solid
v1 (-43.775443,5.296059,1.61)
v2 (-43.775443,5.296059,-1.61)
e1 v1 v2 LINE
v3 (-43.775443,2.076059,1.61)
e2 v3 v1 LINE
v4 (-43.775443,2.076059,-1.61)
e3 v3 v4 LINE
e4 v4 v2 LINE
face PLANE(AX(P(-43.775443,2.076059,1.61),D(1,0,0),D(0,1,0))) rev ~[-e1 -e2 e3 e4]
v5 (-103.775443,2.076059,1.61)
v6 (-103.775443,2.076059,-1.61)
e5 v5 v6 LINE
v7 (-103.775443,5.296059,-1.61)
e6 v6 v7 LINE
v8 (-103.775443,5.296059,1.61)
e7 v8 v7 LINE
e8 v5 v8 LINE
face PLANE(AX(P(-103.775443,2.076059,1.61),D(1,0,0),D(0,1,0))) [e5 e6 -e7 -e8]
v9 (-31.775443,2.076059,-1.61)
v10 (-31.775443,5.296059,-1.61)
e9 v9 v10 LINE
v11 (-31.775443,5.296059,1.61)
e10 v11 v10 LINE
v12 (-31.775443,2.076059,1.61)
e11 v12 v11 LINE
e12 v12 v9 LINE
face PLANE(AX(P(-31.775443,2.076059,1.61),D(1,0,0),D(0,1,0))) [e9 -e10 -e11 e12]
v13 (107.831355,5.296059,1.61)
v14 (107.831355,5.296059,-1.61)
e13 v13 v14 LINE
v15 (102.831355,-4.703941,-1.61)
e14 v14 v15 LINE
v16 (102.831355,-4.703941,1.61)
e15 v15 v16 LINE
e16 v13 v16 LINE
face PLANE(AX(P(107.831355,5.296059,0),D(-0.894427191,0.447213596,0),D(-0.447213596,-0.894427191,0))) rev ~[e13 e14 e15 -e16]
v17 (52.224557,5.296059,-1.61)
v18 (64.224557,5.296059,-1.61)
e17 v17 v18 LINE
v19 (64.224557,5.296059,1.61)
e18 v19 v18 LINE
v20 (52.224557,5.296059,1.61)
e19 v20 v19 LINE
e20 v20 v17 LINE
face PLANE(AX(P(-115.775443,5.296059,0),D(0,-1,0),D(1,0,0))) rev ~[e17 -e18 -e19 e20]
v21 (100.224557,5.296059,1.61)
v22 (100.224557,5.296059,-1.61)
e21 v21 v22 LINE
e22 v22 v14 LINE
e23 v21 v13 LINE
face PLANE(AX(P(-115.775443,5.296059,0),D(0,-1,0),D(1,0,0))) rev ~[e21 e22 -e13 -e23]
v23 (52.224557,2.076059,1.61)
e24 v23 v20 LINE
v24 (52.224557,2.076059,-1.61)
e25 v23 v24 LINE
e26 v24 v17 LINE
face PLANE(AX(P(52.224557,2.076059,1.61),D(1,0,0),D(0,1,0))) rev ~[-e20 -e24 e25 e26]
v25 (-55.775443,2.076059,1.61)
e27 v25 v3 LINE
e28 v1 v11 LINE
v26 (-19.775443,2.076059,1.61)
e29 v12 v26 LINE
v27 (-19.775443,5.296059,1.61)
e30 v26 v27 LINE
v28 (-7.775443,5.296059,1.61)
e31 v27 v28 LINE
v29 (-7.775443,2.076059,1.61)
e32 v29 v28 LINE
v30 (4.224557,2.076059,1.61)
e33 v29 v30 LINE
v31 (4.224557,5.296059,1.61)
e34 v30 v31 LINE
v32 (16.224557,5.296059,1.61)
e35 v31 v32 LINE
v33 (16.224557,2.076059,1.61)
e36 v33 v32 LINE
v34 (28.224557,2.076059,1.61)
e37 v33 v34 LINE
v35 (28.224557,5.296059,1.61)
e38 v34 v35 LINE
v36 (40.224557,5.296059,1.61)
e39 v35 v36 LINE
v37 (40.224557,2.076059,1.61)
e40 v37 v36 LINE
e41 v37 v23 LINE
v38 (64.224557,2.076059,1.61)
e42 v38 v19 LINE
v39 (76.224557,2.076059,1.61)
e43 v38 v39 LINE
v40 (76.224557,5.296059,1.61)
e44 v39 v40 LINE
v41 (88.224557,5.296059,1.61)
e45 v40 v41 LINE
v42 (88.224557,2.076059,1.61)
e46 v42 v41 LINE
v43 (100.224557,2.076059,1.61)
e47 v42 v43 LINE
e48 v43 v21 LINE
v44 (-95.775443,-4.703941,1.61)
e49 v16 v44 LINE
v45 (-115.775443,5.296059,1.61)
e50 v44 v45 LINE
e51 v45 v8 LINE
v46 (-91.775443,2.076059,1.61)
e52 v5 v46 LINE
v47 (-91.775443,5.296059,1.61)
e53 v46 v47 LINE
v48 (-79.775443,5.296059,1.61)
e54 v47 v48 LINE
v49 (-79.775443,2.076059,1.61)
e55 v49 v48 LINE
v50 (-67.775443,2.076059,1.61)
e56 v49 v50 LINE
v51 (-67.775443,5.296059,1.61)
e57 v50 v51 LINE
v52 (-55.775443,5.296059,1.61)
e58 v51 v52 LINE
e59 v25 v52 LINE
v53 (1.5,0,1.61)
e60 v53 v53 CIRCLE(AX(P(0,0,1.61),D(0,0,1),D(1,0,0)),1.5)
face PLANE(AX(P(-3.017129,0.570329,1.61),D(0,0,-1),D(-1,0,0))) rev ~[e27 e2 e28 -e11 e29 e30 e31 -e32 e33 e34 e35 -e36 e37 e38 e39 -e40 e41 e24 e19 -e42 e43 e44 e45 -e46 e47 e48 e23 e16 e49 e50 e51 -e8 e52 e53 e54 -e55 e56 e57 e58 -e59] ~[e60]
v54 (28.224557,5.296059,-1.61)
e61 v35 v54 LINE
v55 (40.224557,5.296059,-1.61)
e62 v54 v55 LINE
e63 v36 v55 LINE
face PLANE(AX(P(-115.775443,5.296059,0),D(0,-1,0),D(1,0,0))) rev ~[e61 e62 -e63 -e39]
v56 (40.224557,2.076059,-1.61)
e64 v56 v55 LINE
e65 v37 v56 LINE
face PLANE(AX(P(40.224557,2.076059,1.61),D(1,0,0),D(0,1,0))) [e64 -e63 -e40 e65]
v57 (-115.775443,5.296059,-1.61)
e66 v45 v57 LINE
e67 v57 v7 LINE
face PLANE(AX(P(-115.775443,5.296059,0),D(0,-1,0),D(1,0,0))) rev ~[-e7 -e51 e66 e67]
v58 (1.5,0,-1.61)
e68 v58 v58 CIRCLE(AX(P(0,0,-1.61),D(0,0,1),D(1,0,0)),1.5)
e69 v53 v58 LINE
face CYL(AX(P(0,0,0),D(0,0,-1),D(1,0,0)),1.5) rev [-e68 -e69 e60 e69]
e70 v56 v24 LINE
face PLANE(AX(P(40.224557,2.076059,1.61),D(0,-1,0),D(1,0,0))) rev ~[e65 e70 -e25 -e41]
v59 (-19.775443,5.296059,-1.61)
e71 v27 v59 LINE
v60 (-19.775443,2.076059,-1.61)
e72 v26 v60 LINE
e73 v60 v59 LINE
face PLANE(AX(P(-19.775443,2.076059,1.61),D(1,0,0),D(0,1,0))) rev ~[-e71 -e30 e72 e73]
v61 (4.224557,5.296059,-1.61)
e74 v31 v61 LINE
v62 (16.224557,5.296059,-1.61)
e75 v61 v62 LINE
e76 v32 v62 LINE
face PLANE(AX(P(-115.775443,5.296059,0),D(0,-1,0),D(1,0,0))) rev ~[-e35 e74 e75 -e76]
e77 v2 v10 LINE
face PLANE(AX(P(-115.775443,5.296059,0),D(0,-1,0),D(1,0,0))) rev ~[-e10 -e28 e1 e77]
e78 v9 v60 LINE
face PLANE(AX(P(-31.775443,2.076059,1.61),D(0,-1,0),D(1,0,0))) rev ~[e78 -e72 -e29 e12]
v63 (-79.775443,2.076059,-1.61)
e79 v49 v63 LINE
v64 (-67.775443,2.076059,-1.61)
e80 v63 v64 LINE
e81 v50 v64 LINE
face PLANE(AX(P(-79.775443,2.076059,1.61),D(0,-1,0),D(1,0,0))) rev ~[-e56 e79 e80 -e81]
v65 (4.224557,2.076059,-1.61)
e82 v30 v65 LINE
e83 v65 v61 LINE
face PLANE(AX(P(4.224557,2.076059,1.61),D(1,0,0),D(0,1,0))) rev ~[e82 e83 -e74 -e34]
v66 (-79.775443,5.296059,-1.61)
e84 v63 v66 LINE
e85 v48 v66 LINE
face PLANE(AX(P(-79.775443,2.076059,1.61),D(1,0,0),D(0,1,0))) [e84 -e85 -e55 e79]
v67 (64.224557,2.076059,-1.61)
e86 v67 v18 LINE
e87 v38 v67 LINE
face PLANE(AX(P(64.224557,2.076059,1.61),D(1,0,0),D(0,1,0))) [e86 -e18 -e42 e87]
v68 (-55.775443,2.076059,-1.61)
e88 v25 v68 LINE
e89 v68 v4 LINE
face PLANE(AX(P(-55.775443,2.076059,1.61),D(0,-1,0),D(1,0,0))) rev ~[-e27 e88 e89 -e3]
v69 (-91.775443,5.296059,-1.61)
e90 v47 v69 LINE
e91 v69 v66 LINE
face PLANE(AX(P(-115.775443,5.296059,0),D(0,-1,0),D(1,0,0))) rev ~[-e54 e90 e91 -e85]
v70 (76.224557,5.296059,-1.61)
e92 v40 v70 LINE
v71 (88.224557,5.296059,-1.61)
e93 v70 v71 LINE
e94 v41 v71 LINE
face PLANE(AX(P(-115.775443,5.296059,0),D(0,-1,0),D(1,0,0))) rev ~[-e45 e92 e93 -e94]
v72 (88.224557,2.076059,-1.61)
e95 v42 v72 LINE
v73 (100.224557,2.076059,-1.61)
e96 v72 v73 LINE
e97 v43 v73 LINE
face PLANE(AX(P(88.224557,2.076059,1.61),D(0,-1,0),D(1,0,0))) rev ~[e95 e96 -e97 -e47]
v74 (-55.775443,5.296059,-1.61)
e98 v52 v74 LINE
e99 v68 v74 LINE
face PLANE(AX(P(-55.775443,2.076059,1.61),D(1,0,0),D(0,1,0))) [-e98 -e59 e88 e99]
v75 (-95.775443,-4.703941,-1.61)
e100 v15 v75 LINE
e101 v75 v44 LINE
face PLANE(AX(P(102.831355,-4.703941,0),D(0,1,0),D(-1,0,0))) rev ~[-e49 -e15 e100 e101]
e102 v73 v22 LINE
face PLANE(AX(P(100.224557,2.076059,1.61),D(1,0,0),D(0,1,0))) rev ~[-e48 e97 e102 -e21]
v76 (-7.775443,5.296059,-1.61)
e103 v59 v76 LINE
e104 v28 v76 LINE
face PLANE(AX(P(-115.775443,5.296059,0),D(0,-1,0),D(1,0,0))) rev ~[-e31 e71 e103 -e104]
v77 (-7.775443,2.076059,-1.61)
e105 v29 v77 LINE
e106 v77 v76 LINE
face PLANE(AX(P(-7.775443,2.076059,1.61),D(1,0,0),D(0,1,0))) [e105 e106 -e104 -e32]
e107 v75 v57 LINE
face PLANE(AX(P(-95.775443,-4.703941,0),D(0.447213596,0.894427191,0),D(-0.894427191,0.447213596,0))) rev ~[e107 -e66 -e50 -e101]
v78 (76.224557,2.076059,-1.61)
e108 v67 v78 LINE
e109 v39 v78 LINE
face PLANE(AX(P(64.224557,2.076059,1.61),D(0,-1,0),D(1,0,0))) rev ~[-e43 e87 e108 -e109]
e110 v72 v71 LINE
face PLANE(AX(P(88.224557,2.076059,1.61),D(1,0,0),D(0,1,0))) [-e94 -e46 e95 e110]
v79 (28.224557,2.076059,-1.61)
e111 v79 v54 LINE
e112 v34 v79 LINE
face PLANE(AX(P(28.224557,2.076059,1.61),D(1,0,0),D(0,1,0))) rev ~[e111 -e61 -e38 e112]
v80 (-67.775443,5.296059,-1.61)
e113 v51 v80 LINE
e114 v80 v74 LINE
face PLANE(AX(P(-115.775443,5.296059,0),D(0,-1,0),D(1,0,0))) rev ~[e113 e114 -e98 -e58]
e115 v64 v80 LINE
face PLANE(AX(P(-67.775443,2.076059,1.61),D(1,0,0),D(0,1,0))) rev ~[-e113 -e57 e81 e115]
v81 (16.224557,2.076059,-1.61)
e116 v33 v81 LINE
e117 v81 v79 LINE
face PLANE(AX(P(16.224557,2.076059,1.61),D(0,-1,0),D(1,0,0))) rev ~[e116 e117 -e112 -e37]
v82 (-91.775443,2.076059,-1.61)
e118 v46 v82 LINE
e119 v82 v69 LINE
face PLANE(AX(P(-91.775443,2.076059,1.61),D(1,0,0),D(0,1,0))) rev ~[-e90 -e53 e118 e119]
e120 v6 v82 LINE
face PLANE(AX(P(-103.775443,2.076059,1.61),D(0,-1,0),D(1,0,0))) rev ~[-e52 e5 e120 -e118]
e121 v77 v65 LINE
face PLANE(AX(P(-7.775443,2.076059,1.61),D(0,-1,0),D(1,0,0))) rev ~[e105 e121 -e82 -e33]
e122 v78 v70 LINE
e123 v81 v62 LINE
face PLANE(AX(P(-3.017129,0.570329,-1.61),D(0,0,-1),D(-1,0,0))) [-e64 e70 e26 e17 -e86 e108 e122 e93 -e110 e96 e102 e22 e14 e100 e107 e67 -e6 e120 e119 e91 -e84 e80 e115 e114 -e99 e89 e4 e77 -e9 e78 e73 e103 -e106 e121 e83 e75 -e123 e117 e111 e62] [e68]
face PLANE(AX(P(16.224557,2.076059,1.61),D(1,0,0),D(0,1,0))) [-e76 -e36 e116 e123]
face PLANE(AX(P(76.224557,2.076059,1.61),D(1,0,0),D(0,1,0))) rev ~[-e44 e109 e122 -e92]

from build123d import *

# Parameters (mm, degrees)
SKETCH1_R           = 1.5
BOSS_EXTRUDE1_DEPTH = 1.61
SKETCH2_W           = 12
SKETCH2_H           = 3.22
CUT_EXTRUDE1_DEPTH  = 3.22
LPATTERN1_COUNT     = 9
LPATTERN1_PITCH     = 24


with BuildPart() as part:
    # Sketch1 → Boss-Extrude1 (new body, symmetric)
    with BuildSketch(Plane.XY):
        Polygon((-95.775442885, -4.703941319), (-115.775442885, 5.296058681), (107.831354865, 5.296058681), (102.831354865, -4.703941319), align=None)
        Circle(SKETCH1_R, mode=Mode.SUBTRACT)
    extrude(amount=BOSS_EXTRUDE1_DEPTH, both=True)

    # Sketch2 → Cut-Extrude1 (cut)
    with BuildSketch(Plane.XY.offset(1.61)):
        with Locations((-97.775442885, 3.686058681)):
            Rectangle(SKETCH2_W, SKETCH2_H)
    cut_extrude1 = extrude(amount=-CUT_EXTRUDE1_DEPTH, mode=Mode.SUBTRACT)

    # LPattern1: Cut-Extrude1 ×9
    with Locations(*[(i * LPATTERN1_PITCH, 0, 0) for i in range(1, LPATTERN1_COUNT)]):
        add(cut_extrude1, mode=Mode.SUBTRACT)


solid = part.part
